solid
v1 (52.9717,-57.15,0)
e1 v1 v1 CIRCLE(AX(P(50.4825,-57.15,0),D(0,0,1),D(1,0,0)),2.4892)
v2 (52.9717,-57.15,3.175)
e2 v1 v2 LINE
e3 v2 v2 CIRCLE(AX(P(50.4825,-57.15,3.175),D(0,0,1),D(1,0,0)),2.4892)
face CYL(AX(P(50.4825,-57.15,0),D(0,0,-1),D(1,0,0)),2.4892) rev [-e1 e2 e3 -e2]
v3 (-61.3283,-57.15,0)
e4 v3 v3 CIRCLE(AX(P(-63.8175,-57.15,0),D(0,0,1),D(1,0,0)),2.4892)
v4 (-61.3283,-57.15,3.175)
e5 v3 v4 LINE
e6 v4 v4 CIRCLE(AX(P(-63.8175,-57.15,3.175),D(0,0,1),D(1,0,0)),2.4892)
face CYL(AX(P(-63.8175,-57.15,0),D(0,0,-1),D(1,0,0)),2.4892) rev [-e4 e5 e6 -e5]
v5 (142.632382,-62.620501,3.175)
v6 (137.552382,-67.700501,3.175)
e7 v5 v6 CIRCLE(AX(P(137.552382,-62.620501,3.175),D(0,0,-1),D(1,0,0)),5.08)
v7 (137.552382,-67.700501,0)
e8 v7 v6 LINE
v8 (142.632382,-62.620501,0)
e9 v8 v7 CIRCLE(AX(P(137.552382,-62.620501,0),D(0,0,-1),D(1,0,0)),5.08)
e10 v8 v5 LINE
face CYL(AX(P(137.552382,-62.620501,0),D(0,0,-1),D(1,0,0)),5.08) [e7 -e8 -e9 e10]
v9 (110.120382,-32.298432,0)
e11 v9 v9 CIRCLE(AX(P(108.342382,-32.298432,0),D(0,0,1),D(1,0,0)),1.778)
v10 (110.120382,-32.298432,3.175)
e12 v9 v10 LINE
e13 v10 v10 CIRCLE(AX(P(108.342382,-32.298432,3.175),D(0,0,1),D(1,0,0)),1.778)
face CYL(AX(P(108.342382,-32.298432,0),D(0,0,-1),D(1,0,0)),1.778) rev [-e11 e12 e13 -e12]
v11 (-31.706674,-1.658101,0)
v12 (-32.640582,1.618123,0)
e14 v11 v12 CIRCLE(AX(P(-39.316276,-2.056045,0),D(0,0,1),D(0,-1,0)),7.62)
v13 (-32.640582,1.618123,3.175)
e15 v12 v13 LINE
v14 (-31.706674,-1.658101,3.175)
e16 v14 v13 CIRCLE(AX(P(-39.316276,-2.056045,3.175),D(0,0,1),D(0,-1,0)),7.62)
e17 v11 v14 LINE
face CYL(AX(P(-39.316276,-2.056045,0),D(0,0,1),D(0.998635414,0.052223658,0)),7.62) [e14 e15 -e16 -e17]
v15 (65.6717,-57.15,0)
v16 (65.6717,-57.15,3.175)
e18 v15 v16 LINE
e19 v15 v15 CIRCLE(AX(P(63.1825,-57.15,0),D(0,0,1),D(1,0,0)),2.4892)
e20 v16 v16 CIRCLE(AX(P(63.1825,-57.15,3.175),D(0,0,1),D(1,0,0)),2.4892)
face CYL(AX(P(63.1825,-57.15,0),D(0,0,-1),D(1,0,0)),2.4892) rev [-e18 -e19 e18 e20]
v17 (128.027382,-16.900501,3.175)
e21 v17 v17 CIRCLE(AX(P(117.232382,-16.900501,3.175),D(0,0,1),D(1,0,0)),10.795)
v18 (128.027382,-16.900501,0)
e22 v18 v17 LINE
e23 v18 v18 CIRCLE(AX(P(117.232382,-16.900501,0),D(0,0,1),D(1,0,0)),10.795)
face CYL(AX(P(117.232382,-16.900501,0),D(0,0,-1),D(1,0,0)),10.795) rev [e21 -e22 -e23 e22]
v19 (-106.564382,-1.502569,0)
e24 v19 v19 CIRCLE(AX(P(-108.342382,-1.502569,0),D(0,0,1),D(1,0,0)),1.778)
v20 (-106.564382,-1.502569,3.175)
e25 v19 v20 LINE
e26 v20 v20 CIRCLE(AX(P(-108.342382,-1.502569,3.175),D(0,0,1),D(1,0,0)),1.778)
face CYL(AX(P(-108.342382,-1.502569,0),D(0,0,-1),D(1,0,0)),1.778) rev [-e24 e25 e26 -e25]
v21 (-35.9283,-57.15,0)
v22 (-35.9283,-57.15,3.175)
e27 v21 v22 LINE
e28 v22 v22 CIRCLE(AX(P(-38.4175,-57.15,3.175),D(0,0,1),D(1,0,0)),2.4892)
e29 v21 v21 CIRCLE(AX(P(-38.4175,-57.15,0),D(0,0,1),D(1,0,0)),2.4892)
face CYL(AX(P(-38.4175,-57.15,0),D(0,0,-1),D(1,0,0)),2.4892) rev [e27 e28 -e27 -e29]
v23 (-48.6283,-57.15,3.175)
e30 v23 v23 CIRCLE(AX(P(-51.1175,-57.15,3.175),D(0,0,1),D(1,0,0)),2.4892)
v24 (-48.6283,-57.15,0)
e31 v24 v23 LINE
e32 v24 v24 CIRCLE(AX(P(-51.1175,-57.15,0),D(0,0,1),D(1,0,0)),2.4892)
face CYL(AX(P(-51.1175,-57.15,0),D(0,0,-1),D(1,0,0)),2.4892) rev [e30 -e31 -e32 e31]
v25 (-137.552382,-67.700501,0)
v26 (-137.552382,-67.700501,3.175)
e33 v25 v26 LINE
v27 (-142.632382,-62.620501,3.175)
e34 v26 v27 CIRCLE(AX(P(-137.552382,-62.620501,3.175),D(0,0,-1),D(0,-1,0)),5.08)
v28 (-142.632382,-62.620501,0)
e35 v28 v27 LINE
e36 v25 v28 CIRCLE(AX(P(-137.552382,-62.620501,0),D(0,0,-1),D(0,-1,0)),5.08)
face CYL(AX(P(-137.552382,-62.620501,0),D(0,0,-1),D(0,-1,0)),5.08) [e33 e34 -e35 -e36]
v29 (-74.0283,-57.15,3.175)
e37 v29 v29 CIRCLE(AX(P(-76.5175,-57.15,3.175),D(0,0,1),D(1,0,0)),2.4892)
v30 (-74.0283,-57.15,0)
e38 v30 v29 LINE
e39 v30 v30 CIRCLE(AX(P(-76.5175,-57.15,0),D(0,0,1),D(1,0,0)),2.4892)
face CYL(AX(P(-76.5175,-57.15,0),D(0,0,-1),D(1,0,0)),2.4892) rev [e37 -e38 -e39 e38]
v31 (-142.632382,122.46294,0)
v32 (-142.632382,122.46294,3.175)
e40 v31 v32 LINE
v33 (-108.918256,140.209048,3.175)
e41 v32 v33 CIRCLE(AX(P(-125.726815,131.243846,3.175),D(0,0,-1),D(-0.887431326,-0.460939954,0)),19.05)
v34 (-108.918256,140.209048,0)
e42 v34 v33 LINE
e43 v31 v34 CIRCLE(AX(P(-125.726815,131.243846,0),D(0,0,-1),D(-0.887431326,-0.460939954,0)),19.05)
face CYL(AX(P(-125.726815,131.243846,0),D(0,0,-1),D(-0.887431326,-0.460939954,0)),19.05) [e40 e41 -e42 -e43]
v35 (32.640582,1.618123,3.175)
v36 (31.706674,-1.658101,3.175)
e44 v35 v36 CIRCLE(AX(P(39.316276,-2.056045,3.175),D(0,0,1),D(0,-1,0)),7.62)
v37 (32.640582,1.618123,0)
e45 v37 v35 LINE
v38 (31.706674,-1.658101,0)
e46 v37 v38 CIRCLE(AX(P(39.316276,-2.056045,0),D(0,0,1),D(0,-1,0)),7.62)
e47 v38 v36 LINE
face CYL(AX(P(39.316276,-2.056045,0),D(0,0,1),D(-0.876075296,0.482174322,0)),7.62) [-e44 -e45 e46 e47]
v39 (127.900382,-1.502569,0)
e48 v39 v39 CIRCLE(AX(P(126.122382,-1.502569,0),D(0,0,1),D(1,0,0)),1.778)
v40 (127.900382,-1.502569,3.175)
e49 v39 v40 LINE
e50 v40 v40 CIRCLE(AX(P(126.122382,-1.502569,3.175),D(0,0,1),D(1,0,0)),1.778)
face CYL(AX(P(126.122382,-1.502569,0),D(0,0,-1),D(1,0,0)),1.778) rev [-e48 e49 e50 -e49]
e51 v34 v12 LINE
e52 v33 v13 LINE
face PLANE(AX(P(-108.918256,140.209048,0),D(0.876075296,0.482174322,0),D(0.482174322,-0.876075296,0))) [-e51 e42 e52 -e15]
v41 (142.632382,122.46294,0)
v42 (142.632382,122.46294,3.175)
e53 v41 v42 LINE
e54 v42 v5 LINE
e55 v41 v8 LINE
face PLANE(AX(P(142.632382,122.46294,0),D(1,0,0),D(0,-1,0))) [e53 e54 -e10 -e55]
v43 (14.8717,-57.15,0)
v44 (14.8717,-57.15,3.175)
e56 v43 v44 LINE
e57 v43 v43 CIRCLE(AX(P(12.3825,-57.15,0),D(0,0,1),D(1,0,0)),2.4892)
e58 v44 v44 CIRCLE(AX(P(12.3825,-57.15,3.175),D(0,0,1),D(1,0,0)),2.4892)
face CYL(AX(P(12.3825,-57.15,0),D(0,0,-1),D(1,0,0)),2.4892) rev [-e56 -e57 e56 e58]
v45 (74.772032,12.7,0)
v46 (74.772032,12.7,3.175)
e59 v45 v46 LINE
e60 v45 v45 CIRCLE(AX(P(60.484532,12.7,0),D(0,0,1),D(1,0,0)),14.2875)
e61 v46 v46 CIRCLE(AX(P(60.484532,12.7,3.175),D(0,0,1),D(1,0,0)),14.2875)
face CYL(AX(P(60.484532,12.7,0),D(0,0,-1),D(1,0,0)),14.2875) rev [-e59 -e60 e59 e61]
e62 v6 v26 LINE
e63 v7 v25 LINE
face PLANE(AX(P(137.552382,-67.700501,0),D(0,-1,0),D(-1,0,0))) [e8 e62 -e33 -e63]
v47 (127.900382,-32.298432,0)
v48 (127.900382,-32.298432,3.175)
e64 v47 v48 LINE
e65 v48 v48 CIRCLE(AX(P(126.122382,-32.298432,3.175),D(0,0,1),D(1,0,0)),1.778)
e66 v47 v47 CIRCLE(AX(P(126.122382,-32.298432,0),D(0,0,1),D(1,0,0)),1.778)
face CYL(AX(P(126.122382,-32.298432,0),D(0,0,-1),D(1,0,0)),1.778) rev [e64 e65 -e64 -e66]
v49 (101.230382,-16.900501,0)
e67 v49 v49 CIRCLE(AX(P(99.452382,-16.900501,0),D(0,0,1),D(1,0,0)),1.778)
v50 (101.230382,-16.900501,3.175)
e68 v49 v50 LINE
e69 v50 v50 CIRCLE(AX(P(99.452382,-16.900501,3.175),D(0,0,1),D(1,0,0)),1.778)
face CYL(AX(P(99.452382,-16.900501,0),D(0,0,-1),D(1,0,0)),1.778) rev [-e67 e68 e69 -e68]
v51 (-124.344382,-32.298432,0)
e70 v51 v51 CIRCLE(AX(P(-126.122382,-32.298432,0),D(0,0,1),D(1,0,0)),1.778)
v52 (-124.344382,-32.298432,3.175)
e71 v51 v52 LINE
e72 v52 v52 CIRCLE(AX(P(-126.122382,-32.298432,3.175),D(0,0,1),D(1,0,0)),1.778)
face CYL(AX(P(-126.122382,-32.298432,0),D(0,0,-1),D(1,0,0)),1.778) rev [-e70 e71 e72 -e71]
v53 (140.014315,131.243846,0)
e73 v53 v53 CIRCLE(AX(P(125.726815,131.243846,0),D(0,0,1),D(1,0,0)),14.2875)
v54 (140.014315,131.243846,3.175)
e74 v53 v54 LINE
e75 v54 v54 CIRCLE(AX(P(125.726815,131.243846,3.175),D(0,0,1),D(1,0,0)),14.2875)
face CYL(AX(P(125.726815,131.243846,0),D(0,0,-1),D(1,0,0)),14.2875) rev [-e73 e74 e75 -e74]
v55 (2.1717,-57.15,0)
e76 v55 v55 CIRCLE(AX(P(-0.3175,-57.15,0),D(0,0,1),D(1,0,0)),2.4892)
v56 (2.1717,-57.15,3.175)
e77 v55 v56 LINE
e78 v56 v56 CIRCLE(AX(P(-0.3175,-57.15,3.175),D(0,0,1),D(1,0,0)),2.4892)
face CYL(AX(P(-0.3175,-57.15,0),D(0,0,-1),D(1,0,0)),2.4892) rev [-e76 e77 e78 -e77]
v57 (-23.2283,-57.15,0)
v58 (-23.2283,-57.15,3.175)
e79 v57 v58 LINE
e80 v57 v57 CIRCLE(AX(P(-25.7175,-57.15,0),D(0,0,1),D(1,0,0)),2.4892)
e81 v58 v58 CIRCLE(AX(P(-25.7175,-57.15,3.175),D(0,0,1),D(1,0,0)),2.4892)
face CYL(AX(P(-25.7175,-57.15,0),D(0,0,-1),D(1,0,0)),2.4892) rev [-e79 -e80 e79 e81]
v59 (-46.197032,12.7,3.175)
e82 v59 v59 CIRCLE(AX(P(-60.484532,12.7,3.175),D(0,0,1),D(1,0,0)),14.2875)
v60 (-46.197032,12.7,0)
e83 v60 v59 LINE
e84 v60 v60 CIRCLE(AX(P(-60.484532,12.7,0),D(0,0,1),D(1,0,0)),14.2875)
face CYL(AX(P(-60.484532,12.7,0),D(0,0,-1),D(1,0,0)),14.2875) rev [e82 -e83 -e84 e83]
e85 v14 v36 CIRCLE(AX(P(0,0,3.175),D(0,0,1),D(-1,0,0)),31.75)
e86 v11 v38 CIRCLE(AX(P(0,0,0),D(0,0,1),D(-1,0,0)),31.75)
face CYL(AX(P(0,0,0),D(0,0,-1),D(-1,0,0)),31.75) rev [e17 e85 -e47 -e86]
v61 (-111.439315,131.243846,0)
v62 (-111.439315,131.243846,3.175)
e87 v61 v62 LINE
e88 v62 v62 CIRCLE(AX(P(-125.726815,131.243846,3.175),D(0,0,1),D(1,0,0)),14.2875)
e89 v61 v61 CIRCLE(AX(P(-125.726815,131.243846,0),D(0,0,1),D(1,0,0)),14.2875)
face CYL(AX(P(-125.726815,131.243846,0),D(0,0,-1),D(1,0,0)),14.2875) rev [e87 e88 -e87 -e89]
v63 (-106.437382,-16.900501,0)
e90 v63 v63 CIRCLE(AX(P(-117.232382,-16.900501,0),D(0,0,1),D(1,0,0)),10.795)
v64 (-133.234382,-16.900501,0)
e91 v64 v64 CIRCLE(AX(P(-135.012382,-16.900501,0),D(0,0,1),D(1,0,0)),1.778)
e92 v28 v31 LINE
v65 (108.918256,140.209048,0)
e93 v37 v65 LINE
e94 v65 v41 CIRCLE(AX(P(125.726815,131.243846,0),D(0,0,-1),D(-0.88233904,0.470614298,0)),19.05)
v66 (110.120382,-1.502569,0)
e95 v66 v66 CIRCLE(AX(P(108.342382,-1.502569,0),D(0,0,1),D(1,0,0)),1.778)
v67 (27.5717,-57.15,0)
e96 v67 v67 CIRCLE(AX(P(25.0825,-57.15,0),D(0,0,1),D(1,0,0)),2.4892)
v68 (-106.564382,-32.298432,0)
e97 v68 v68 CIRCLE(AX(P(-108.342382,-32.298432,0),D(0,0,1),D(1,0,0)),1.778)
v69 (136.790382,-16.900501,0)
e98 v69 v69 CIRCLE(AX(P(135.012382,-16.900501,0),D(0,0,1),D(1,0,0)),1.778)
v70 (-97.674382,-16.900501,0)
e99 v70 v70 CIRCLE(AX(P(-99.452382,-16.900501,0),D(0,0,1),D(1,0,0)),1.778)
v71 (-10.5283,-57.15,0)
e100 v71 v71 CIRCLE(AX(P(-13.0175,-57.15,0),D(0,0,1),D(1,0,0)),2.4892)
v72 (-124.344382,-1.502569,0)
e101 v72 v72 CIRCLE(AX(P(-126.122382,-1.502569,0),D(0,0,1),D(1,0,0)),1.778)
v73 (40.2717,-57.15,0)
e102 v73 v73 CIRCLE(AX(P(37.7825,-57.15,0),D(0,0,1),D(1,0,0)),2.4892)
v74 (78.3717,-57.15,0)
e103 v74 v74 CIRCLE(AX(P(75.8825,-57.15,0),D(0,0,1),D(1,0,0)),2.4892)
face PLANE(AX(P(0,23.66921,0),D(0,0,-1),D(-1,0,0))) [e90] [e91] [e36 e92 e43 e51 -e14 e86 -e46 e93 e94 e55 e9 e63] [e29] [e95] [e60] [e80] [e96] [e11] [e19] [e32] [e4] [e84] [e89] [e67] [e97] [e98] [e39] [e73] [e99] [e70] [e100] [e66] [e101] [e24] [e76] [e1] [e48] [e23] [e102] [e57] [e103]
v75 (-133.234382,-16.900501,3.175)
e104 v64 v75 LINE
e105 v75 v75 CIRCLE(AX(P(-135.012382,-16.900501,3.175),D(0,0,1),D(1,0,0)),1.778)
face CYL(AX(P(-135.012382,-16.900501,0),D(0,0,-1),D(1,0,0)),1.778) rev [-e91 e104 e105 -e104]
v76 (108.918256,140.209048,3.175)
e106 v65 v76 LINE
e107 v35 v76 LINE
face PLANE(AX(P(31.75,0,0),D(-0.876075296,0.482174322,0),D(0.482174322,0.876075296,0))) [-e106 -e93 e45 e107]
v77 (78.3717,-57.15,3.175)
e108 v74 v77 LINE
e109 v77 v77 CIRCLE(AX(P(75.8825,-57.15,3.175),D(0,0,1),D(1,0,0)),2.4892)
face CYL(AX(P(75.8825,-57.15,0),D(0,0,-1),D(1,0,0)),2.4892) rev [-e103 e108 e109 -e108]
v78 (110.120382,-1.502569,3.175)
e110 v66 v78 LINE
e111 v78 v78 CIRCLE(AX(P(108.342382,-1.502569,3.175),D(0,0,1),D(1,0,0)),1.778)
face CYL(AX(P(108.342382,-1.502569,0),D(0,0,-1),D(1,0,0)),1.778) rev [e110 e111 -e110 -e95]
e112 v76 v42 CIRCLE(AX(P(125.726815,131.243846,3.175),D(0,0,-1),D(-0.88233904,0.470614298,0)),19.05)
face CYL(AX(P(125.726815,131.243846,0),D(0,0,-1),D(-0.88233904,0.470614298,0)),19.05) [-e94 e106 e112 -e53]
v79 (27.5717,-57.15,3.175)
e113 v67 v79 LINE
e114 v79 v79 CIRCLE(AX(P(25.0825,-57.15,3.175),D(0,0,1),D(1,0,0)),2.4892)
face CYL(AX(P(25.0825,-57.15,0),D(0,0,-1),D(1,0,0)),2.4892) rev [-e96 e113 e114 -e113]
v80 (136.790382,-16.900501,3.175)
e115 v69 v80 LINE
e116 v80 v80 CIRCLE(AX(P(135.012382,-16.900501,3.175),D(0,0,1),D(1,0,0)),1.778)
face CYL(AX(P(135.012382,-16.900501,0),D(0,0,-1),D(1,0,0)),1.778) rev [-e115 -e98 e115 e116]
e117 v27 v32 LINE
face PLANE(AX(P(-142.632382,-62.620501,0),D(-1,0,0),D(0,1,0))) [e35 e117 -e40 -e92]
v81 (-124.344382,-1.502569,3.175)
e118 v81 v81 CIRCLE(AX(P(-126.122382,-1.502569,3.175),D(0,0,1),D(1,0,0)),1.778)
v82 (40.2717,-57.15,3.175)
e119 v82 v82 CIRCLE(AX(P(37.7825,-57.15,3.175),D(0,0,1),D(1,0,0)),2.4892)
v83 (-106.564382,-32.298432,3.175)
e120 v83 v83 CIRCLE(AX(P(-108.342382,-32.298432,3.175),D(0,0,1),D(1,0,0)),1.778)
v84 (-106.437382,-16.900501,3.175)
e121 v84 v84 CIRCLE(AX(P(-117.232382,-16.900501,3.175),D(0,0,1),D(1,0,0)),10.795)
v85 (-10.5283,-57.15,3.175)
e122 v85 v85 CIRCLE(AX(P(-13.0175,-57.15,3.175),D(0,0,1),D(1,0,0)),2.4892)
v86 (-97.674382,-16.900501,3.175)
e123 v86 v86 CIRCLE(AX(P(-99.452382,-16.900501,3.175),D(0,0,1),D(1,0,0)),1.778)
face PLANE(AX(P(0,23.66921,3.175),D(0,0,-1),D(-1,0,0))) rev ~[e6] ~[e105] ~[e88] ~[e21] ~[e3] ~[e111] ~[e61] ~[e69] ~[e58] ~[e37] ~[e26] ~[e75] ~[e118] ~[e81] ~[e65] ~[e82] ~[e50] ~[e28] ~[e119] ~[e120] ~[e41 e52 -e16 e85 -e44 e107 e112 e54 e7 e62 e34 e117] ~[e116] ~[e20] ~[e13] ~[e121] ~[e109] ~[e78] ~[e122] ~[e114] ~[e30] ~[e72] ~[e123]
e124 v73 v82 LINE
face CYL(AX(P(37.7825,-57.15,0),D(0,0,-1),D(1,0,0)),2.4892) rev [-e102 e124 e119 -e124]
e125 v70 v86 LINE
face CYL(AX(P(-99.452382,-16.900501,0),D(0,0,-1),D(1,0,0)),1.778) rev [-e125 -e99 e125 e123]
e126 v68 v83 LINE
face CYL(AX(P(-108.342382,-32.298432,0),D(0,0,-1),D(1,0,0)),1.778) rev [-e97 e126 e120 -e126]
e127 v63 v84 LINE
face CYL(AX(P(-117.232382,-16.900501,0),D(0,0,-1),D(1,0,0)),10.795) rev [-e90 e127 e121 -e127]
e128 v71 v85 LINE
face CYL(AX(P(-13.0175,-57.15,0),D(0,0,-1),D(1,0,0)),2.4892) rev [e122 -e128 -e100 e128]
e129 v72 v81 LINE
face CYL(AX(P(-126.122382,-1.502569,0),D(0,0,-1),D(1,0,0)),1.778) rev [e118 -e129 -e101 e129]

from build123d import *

# Parameters (mm, degrees)
SKETCH2_R           = 14.2875
SKETCH2_R_2         = 2.4892
SKETCH2_R_3         = 10.795
SKETCH2_R_4         = 1.778
BOSS_EXTRUDE1_DEPTH = 3.175
FILLET2_R           = 7.62


with BuildPart() as part:
    # Sketch2 → Boss-Extrude1 (new body)
    with BuildSketch(Plane.XY):
        with BuildLine():
            Line((142.632381685, 122.462939957), (142.632381685, -29.937060043))
            Line((142.632381685, -29.937060043), (142.632381685, -56.741928905))
            Line((142.632381685, -56.741928905), (142.632381685, -62.620500771))
            ThreePointArc((142.632381685, -62.620500771), (141.144484133, -66.21260322), (137.552381685, -67.700500771))
            Line((137.552381685, -67.700500771), (-137.552381685, -67.700500771))
            ThreePointArc((-137.552381685, -67.700500771), (-141.144484133, -66.21260322), (-142.632381685, -62.620500771))
            Line((-142.632381685, -62.620500771), (-142.632381685, -56.741928905))
            Line((-142.632381685, -56.741928905), (-142.632381685, -29.937060043))
            Line((-142.632381685, -29.937060043), (-142.632381685, 122.462939957))
            ThreePointArc((-142.632381685, 122.462939957), (-134.600001748, 148.101160684), (-108.918256202, 140.209048469))
            Line((-108.918256202, 140.209048469), (-31.75, 0))
            ThreePointArc((-31.75, 0), (0, -31.75), (31.75, 0))
            Line((31.75, 0), (108.918256202, 140.209048469))
            ThreePointArc((108.918256202, 140.209048469), (134.600001748, 148.101160684), (142.632381685, 122.462939957))
        make_face()
        with Locations((-60.484532313, 12.7)):
            Circle(SKETCH2_R, mode=Mode.SUBTRACT)
        with Locations((-125.726814921, 131.243846084)):
            Circle(SKETCH2_R, mode=Mode.SUBTRACT)
        with Locations((125.726814921, 131.243846084)):
            Circle(SKETCH2_R, mode=Mode.SUBTRACT)
        with Locations((60.484532313, 12.7)):
            Circle(SKETCH2_R, mode=Mode.SUBTRACT)
        with Locations((-76.5175, -57.15)):
            Circle(SKETCH2_R_2, mode=Mode.SUBTRACT)
        with Locations((-63.8175, -57.15)):
            Circle(SKETCH2_R_2, mode=Mode.SUBTRACT)
        with Locations((-51.1175, -57.15)):
            Circle(SKETCH2_R_2, mode=Mode.SUBTRACT)
        with Locations((-38.4175, -57.15)):
            Circle(SKETCH2_R_2, mode=Mode.SUBTRACT)
        with Locations((-25.7175, -57.15)):
            Circle(SKETCH2_R_2, mode=Mode.SUBTRACT)
        with Locations((-13.0175, -57.15)):
            Circle(SKETCH2_R_2, mode=Mode.SUBTRACT)
        with Locations((-0.3175, -57.15)):
            Circle(SKETCH2_R_2, mode=Mode.SUBTRACT)
        with Locations((12.3825, -57.15)):
            Circle(SKETCH2_R_2, mode=Mode.SUBTRACT)
        with Locations((25.0825, -57.15)):
            Circle(SKETCH2_R_2, mode=Mode.SUBTRACT)
        with Locations((37.7825, -57.15)):
            Circle(SKETCH2_R_2, mode=Mode.SUBTRACT)
        with Locations((50.4825, -57.15)):
            Circle(SKETCH2_R_2, mode=Mode.SUBTRACT)
        with Locations((63.1825, -57.15)):
            Circle(SKETCH2_R_2, mode=Mode.SUBTRACT)
        with Locations((75.8825, -57.15)):
            Circle(SKETCH2_R_2, mode=Mode.SUBTRACT)
        with Locations((-117.232381685, -16.900500771)):
            Circle(SKETCH2_R_3, mode=Mode.SUBTRACT)
        with Locations((117.232381685, -16.900500771)):
            Circle(SKETCH2_R_3, mode=Mode.SUBTRACT)
        with Locations((-135.012381685, -16.900500771)):
            Circle(SKETCH2_R_4, mode=Mode.SUBTRACT)
        with Locations((-126.122381685, -1.502569092)):
            Circle(SKETCH2_R_4, mode=Mode.SUBTRACT)
        with Locations((-108.342381685, -1.502569092)):
            Circle(SKETCH2_R_4, mode=Mode.SUBTRACT)
        with Locations((-99.452381685, -16.900500771)):
            Circle(SKETCH2_R_4, mode=Mode.SUBTRACT)
        with Locations((-108.342381685, -32.29843245)):
            Circle(SKETCH2_R_4, mode=Mode.SUBTRACT)
        with Locations((-126.122381685, -32.29843245)):
            Circle(SKETCH2_R_4, mode=Mode.SUBTRACT)
        with Locations((99.452381685, -16.900500771)):
            Circle(SKETCH2_R_4, mode=Mode.SUBTRACT)
        with Locations((108.342381685, -1.502569092)):
            Circle(SKETCH2_R_4, mode=Mode.SUBTRACT)
        with Locations((126.122381685, -1.502569092)):
            Circle(SKETCH2_R_4, mode=Mode.SUBTRACT)
        with Locations((135.012381685, -16.900500771)):
            Circle(SKETCH2_R_4, mode=Mode.SUBTRACT)
        with Locations((126.122381685, -32.29843245)):
            Circle(SKETCH2_R_4, mode=Mode.SUBTRACT)
        with Locations((108.342381685, -32.29843245)):
            Circle(SKETCH2_R_4, mode=Mode.SUBTRACT)
    extrude(amount=BOSS_EXTRUDE1_DEPTH)

    # Fillet2
    fillet2_edges = [part.edges().sort_by_distance(p)[0] for p in [
        (-31.75, 0, 1.5875),
        (31.75, 0, 1.5875),
    ]]
    fillet(fillet2_edges, radius=FILLET2_R)


solid = part.part
